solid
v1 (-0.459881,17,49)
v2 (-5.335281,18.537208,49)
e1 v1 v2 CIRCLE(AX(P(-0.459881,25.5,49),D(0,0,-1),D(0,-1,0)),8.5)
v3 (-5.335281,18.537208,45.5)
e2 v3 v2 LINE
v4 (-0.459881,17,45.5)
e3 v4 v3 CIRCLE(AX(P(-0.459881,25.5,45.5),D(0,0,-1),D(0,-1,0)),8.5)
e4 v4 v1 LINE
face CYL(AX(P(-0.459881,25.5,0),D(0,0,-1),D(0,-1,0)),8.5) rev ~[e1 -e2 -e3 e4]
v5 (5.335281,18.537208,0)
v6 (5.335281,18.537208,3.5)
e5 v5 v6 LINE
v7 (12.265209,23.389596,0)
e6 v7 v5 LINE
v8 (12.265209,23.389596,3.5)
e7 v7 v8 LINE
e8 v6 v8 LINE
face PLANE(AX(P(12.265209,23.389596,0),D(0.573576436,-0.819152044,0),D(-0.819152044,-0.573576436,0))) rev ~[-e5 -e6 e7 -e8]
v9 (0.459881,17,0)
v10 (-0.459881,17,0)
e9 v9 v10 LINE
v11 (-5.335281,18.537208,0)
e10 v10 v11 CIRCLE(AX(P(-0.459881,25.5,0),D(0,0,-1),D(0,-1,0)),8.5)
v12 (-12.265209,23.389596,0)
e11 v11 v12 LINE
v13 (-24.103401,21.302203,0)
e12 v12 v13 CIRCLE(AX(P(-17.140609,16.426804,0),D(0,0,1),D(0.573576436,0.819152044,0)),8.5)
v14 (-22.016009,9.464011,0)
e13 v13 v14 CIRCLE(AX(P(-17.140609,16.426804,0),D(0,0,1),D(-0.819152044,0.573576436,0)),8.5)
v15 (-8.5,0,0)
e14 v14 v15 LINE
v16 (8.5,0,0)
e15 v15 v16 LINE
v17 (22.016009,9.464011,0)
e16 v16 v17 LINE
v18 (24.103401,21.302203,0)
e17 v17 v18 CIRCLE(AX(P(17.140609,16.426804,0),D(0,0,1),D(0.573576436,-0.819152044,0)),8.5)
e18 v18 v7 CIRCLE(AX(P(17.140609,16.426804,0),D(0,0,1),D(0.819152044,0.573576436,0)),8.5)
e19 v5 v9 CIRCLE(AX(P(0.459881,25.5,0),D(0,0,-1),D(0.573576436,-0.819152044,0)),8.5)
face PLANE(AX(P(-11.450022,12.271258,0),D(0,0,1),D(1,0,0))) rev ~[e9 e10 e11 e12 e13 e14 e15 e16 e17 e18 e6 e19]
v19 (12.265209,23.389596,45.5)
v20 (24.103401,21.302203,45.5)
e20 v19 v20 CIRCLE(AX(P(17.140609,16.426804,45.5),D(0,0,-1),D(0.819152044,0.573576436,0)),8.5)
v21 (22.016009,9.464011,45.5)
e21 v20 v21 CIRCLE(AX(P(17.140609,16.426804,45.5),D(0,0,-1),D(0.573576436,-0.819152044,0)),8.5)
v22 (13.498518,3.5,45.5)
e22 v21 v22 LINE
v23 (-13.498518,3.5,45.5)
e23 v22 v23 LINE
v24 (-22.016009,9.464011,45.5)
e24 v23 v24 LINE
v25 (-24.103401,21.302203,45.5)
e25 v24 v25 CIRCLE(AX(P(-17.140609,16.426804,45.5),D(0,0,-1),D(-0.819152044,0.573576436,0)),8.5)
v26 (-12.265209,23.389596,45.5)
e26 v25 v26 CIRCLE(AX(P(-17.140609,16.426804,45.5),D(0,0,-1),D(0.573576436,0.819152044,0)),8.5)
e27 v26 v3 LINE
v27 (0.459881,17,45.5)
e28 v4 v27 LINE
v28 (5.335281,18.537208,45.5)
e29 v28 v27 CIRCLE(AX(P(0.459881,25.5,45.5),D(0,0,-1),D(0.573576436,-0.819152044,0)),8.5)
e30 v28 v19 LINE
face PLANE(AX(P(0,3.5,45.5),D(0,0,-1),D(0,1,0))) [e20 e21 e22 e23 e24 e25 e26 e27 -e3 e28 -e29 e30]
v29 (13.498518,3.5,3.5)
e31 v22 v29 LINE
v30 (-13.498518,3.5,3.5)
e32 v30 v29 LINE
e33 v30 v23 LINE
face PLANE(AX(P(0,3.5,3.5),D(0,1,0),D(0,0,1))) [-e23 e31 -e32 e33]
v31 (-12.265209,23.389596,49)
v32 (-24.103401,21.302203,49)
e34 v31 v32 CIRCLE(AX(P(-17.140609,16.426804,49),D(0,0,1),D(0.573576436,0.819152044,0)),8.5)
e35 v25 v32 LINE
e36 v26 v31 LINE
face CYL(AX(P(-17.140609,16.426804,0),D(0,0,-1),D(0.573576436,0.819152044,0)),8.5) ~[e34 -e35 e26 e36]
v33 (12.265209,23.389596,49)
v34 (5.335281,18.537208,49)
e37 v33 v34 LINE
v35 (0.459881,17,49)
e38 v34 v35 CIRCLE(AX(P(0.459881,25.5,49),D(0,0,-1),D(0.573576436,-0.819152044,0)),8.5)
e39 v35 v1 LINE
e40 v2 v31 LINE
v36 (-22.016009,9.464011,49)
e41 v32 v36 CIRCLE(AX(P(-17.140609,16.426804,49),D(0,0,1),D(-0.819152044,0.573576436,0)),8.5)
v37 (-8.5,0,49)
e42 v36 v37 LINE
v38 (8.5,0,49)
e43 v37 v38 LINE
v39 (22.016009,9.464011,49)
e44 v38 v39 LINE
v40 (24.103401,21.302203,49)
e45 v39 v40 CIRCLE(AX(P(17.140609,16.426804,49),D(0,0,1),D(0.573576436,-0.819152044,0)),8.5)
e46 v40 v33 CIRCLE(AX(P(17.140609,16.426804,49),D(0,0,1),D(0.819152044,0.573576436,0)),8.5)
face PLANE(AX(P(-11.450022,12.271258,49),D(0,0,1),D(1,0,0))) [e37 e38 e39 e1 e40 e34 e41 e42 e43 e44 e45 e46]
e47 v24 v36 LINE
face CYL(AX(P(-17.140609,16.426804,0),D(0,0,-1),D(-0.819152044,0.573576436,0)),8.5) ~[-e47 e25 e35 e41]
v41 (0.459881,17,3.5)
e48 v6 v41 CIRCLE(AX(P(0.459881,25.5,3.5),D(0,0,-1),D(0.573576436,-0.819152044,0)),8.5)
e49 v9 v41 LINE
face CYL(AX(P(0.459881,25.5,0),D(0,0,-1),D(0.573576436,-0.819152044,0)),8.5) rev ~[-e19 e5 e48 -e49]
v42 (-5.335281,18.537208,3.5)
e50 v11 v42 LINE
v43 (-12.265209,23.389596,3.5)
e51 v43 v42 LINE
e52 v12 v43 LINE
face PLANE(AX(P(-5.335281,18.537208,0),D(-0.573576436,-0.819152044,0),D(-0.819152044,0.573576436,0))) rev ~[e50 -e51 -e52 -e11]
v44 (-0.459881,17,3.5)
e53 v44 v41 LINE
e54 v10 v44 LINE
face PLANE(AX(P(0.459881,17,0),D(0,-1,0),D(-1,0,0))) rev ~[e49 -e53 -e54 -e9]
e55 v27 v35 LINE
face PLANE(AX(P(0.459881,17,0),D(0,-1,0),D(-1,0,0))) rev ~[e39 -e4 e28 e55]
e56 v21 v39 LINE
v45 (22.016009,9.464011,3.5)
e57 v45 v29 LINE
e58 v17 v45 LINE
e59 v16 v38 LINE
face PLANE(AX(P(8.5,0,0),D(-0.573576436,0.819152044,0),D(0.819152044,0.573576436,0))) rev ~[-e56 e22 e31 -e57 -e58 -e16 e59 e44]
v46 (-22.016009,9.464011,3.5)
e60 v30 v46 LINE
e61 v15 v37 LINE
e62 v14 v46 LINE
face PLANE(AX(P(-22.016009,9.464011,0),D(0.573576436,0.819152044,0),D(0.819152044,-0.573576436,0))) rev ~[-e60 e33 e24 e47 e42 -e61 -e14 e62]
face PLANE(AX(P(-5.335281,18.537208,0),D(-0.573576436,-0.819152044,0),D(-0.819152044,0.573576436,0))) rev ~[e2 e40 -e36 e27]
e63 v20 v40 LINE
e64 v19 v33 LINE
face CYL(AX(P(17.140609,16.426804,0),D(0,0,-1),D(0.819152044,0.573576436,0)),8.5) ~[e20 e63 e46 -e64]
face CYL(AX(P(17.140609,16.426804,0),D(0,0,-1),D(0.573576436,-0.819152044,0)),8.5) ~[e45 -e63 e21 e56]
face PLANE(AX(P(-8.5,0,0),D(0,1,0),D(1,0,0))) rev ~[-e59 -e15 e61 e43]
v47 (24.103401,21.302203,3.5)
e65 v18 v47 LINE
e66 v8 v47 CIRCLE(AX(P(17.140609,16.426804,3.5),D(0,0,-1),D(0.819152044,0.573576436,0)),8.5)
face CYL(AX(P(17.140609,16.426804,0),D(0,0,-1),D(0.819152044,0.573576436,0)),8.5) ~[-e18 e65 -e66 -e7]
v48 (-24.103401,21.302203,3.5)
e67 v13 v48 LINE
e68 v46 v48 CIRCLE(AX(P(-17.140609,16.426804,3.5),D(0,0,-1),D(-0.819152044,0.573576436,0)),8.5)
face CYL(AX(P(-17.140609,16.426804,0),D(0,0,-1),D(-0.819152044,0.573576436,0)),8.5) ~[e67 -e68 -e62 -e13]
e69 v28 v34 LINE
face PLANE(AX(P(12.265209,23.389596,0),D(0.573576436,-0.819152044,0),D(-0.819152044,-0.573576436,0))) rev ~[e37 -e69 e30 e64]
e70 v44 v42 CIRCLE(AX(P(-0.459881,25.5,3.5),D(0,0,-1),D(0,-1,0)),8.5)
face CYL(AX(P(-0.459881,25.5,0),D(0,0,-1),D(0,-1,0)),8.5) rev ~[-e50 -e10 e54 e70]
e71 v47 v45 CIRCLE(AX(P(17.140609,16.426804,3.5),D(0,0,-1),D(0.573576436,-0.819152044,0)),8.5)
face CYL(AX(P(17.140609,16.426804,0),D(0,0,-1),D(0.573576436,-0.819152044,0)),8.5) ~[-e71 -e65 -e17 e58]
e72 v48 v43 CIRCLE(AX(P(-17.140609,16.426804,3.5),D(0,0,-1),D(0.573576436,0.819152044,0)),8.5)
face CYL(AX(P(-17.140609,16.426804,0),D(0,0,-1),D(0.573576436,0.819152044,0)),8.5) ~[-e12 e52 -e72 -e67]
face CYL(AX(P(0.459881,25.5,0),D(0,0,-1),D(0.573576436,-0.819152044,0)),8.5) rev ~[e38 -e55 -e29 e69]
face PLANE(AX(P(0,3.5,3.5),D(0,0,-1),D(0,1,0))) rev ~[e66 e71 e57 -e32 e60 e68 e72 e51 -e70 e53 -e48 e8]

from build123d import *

# Parameters (mm, degrees)
F2_DEPTH = 49
F3_W     = 68.4839616117
F3_H     = 42
F4_DEPTH = 499.5


with BuildPart() as f2:
    # F0 (on Top) → F2 (new body)
    with BuildSketch(Plane.XY):
        with BuildLine():
            Line((-8.5, 0), (0, 0))
            Line((0, 0), (0, 17))
            Line((0, 17), (-0.4598808836, 17))
            ThreePointArc((-0.4598808836, 17), (-3.0158801794, 17.3934059186), (-5.3352805926, 18.5372076235))
            Line((-5.3352805926, 18.5372076235), (-12.2652093128, 23.3895959527))
            ThreePointArc((-12.2652093128, 23.3895959527), (-18.616618532, 24.7976694769), (-24.1034013982, 21.3022032852))
            ThreePointArc((-24.1034013982, 21.3022032852), (-25.5114749224, 14.9507940661), (-22.0160087308, 9.4640111998))
            Line((-22.0160087308, 9.4640111998), (-8.5, 0))
        make_face()
        with BuildLine():
            Line((0, 17), (0, 0))
            Line((0, 0), (8.5, 0))
            Line((8.5, 0), (22.0160087308, 9.4640111998))
            ThreePointArc((22.0160087308, 9.4640111998), (25.5114749224, 14.9507940661), (24.1034013982, 21.3022032852))
            ThreePointArc((24.1034013982, 21.3022032852), (18.616618532, 24.7976694769), (12.2652093128, 23.3895959527))
            Line((12.2652093128, 23.3895959527), (5.3352805926, 18.5372076235))
            ThreePointArc((5.3352805926, 18.5372076235), (3.0158801794, 17.3934059186), (0.4598808836, 17))
            Line((0.4598808836, 17), (0, 17))
        make_face()
    extrude(amount=F2_DEPTH)

    # F3 (on Right) → F4 (cut, symmetric)
    with BuildSketch(Plane.YZ):
        with Locations((37.7419808059, 24.5)):
            Rectangle(F3_W, F3_H)
    extrude(amount=F4_DEPTH, both=True, mode=Mode.SUBTRACT)


solid = f2.part
